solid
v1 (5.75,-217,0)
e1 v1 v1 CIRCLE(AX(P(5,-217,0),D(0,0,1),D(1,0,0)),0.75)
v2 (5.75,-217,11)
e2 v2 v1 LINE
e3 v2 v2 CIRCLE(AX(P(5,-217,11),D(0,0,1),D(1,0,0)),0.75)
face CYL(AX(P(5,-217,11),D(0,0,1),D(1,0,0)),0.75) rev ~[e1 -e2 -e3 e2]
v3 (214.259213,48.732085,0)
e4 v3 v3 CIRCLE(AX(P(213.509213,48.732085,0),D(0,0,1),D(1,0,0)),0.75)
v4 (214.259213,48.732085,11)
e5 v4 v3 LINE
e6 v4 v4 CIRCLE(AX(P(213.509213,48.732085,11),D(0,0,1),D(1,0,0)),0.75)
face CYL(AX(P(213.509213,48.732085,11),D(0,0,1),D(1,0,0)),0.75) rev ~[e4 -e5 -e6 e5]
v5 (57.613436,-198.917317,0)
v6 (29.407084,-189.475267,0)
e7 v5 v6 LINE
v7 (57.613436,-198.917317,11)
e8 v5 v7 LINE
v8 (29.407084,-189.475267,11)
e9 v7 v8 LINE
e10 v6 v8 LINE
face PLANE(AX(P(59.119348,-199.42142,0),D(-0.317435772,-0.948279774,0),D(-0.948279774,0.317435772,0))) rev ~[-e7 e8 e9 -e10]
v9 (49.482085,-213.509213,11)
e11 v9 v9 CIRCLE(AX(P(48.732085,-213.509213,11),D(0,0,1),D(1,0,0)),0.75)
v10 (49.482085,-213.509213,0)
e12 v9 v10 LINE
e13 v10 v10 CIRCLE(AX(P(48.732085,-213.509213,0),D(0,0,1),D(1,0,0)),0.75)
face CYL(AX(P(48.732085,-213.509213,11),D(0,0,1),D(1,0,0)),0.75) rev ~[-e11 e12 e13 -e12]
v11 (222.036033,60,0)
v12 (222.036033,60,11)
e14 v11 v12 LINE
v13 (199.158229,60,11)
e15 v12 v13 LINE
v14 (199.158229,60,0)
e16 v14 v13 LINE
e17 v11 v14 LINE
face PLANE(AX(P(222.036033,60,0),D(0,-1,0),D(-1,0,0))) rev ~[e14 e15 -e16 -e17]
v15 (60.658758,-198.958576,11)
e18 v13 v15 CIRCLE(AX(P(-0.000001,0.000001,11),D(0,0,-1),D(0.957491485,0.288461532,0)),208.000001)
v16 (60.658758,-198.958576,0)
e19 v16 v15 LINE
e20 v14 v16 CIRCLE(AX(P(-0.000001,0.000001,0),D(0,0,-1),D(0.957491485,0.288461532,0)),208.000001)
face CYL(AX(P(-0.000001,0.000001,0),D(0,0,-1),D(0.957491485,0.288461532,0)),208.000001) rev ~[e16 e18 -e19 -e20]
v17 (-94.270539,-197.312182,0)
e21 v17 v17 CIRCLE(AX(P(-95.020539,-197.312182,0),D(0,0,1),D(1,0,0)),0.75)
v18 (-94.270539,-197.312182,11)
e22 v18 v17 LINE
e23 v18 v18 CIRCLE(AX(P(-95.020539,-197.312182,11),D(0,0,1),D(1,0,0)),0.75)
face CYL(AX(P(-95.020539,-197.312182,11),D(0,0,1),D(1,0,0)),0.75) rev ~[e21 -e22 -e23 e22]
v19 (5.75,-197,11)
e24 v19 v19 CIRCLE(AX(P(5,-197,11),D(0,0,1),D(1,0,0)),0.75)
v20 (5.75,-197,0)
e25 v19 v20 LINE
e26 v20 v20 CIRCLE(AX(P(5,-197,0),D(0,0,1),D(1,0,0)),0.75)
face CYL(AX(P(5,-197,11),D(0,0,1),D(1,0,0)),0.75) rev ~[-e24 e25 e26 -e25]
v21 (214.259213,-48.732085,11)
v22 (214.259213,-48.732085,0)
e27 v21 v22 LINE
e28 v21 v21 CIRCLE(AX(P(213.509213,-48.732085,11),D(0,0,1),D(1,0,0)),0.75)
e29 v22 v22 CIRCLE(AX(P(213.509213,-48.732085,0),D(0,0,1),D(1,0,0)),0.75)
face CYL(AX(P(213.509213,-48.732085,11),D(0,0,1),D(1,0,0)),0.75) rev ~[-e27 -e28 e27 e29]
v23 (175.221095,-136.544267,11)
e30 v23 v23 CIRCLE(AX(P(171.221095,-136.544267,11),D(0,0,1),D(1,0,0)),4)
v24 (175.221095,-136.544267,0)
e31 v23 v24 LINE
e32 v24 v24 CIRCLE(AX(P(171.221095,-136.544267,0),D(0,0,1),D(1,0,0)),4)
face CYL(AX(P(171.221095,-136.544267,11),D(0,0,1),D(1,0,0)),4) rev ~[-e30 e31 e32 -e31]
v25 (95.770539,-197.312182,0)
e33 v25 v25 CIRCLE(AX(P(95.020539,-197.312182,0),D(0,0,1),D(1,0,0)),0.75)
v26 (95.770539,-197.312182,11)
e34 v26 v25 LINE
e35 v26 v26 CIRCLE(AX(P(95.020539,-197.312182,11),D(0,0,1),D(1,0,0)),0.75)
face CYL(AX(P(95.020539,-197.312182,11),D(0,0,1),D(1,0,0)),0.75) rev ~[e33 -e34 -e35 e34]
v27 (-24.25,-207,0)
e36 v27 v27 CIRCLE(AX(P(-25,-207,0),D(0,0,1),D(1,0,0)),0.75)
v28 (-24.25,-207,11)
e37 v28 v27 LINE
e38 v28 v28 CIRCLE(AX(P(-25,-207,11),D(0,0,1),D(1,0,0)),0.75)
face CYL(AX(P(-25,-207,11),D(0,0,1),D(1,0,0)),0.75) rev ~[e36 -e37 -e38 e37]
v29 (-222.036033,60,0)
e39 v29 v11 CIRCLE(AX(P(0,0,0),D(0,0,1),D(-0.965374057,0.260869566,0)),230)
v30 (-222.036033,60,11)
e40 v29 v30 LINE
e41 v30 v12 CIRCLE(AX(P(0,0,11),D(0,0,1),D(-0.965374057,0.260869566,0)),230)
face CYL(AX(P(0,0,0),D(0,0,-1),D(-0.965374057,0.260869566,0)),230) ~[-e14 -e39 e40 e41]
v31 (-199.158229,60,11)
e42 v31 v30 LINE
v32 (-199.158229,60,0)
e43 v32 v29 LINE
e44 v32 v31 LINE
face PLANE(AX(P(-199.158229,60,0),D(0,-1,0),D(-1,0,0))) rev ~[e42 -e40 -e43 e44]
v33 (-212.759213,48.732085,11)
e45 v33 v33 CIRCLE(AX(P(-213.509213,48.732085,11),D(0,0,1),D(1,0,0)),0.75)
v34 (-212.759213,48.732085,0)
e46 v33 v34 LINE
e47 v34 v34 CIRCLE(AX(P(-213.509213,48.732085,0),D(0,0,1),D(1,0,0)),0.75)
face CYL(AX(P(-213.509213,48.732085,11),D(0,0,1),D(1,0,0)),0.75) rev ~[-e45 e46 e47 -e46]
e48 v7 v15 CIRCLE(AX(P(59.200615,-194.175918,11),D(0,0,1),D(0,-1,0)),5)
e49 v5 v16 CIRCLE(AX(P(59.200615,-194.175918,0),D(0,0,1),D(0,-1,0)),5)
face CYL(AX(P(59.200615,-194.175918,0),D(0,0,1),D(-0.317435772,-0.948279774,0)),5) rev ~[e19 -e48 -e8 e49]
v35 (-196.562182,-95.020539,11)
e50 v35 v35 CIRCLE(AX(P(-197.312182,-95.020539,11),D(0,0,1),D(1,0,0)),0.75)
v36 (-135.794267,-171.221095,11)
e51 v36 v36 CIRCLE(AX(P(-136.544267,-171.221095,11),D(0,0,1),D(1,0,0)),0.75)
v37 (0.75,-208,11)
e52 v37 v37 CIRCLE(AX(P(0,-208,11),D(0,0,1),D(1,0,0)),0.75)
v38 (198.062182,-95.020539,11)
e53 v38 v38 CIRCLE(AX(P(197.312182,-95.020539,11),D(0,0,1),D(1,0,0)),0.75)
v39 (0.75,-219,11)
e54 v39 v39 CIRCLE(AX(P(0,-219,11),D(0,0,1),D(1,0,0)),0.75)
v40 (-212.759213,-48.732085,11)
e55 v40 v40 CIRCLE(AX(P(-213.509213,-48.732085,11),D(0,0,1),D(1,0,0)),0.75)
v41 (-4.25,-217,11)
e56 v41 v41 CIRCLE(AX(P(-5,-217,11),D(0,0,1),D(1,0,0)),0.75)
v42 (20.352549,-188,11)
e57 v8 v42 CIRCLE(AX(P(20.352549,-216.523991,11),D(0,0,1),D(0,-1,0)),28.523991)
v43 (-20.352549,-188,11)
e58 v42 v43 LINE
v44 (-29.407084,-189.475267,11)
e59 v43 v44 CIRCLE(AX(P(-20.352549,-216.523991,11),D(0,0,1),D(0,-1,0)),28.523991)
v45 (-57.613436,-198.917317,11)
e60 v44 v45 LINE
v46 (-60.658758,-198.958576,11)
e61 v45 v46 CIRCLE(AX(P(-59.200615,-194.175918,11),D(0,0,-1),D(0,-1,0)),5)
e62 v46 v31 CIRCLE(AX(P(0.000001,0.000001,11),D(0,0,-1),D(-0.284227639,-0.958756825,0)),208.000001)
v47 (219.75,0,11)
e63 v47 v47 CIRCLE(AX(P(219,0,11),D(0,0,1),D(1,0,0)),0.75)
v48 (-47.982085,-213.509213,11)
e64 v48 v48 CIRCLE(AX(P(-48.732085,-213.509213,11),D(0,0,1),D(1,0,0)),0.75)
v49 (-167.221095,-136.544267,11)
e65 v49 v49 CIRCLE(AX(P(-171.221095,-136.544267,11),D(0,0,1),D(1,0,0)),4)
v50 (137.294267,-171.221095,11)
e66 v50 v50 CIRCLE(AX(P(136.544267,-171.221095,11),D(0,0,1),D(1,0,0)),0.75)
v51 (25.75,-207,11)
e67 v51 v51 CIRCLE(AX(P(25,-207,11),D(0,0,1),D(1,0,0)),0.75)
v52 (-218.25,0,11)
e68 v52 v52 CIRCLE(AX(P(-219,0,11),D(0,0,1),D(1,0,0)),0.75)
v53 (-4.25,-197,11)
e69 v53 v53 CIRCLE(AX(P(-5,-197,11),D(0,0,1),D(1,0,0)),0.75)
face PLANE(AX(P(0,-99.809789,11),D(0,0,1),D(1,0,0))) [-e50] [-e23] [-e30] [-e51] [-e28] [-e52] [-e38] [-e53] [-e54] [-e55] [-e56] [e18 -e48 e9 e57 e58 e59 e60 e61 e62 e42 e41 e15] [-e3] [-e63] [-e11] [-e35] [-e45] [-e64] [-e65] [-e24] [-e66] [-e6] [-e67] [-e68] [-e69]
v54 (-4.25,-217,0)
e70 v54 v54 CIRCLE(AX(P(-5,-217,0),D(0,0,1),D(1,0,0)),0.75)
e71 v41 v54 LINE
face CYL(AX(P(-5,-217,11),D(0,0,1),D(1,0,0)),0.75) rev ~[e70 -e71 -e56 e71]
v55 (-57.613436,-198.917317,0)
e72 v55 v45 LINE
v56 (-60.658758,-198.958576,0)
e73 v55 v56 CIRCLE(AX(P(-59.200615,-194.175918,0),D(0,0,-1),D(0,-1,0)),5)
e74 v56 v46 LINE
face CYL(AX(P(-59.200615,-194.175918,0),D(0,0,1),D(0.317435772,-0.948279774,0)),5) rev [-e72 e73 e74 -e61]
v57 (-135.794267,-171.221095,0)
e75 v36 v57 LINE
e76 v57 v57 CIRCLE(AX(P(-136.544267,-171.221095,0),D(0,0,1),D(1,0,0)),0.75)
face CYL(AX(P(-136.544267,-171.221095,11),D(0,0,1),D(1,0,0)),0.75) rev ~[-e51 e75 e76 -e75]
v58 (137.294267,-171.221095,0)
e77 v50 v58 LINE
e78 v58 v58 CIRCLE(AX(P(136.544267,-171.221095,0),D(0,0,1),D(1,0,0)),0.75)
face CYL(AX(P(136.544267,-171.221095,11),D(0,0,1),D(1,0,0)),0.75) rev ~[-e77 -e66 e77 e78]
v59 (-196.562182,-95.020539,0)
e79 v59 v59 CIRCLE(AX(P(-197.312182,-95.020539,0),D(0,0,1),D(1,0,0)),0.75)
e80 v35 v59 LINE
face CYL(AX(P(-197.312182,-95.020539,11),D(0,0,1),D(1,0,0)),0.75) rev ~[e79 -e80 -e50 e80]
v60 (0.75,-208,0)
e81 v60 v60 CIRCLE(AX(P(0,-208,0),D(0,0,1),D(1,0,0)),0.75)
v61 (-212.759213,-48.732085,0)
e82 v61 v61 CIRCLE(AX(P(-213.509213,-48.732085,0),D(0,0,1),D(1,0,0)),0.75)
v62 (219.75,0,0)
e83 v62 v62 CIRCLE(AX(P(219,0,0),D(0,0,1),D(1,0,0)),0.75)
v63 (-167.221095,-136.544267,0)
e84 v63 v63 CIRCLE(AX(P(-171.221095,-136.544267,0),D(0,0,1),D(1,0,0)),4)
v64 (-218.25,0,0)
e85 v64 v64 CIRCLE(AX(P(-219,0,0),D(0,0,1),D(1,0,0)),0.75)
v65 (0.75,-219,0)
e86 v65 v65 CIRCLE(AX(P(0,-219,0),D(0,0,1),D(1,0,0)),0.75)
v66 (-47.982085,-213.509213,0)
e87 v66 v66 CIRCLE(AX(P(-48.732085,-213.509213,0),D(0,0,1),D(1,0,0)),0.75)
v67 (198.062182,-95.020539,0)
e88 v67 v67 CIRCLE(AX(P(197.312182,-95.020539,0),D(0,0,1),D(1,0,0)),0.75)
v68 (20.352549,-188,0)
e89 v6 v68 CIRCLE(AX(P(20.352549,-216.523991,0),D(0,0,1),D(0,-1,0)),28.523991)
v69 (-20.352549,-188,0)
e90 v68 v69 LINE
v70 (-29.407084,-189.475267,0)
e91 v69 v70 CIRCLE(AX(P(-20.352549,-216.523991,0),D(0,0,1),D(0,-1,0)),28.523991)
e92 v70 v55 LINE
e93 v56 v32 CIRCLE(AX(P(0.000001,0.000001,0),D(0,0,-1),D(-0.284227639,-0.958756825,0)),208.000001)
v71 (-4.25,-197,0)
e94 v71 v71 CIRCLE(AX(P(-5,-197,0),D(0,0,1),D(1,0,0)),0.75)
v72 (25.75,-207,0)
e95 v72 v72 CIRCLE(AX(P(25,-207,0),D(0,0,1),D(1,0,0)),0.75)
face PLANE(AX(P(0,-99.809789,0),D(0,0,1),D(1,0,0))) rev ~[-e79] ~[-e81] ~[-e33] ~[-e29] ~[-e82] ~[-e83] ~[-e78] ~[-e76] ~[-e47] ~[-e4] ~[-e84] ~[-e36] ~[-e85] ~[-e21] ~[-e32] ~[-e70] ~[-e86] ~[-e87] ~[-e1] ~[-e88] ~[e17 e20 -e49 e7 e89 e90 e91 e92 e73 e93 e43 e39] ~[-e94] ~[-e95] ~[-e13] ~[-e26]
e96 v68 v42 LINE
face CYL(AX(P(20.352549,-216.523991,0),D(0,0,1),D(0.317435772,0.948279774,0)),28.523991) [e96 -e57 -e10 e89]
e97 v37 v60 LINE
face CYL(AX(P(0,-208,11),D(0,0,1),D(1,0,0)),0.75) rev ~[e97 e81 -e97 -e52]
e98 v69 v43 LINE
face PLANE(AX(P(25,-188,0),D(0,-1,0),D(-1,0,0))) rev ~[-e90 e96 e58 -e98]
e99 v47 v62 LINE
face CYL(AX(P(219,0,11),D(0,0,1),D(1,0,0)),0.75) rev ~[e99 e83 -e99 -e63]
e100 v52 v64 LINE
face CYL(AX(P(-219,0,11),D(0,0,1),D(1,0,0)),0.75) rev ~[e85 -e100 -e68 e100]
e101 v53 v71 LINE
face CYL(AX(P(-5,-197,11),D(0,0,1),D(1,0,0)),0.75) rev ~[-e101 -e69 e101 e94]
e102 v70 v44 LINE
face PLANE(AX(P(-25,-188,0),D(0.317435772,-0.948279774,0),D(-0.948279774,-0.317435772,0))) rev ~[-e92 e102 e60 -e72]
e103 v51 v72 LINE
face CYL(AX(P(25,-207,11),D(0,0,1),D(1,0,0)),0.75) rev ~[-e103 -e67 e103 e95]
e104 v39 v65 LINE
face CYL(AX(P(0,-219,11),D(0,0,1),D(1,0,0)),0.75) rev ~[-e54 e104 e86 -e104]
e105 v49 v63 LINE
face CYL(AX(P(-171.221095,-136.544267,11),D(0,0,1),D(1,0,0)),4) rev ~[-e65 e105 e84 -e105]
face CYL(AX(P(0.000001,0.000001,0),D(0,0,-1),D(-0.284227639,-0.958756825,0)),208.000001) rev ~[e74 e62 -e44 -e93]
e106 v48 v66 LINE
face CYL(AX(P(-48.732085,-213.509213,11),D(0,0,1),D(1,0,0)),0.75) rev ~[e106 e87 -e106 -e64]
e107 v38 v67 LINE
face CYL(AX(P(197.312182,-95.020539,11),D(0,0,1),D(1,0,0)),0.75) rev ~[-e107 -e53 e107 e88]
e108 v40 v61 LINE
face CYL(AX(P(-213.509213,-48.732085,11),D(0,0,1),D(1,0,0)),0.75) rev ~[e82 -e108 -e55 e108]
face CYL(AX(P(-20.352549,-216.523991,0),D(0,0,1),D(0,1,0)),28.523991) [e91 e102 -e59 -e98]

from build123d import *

# Parameters (mm, degrees)
F1_DEPTH = 11
F2_R     = 28.523991
F3_R     = 5
F5_R     = 0.75
F6_DEPTH = 11.001
F7_R     = 4
F8_DEPTH = 11.001


with BuildPart() as f1:
    # F0 (on Top) → F1 (new body)
    with BuildSketch(Plane.XY):
        with BuildLine():
            ThreePointArc((-59.119348, -199.42142), (-183.034682, -98.804378), (-199.158229, 60))
            Line((-199.158229, 60), (-222.036033, 60))
            ThreePointArc((-222.036033, 60), (0, -230), (222.036033, 60))
            Line((222.036033, 60), (199.158229, 60))
            ThreePointArc((199.158229, 60), (183.034682, -98.804378), (59.119348, -199.42142))
            Line((59.119348, -199.42142), (25, -188))
            Line((25, -188), (0, -188))
            Line((0, -188), (-25, -188))
            Line((-25, -188), (-59.119348, -199.42142))
        make_face()
    extrude(amount=F1_DEPTH)

    # F2
    f2_edges = [f1.edges().sort_by_distance(p)[0] for p in [
        (25, -188, 5.5),
        (-25, -188, 5.5),
    ]]
    fillet(f2_edges, radius=F2_R)

    # F3
    f3_edges = [f1.edges().sort_by_distance(p)[0] for p in [
        (59.119348, -199.42142, 5.5),
        (-59.119348, -199.42142, 5.5),
    ]]
    fillet(f3_edges, radius=F3_R)

    # F5 (on face) → F6 (cut, through all)
    with BuildSketch(Plane.XY.offset(11)):
        with Locations((0, -219)):
            Circle(F5_R)
        with Locations((48.732085, -213.509213)):
            Circle(F5_R)
        with Locations((95.020539, -197.312182)):
            Circle(F5_R)
        with Locations((136.544267, -171.221095)):
            Circle(F5_R)
        with Locations((171.221095, -136.544267)):
            Circle(F5_R)
        with Locations((197.312182, -95.020539)):
            Circle(F5_R)
        with Locations((213.509213, -48.732085)):
            Circle(F5_R)
        with Locations((219, 0)):
            Circle(F5_R)
        with Locations((213.509213, 48.732085)):
            Circle(F5_R)
        with Locations((197.312182, 95.020539)):
            Circle(F5_R)
        with Locations((171.221095, 136.544267)):
            Circle(F5_R)
        with Locations((136.544267, 171.221095)):
            Circle(F5_R)
        with Locations((95.020539, 197.312182)):
            Circle(F5_R)
        with Locations((48.732085, 213.509213)):
            Circle(F5_R)
        with Locations((0, 219)):
            Circle(F5_R)
        with Locations((-48.732085, 213.509213)):
            Circle(F5_R)
        with Locations((-95.020539, 197.312182)):
            Circle(F5_R)
        with Locations((-136.544267, 171.221095)):
            Circle(F5_R)
        with Locations((-171.221095, 136.544267)):
            Circle(F5_R)
        with Locations((-197.312182, 95.020539)):
            Circle(F5_R)
        with Locations((-213.509213, 48.732085)):
            Circle(F5_R)
        with Locations((-219, 0)):
            Circle(F5_R)
        with Locations((-213.509213, -48.732085)):
            Circle(F5_R)
        with Locations((-197.312182, -95.020539)):
            Circle(F5_R)
        with Locations((-171.221095, -136.544267)):
            Circle(F5_R)
        with Locations((-136.544267, -171.221095)):
            Circle(F5_R)
        with Locations((-95.020539, -197.312182)):
            Circle(F5_R)
        with Locations((-48.732085, -213.509213)):
            Circle(F5_R)
        with Locations((-5, -197)):
            Circle(F5_R)
        with Locations((5, -197)):
            Circle(F5_R)
        with Locations((0, -208)):
            Circle(F5_R)
        with Locations((-5, -217)):
            Circle(F5_R)
        with Locations((-25, -207)):
            Circle(F5_R)
        with Locations((5, -217)):
            Circle(F5_R)
        with Locations((25, -207)):
            Circle(F5_R)
    extrude(amount=-F6_DEPTH, mode=Mode.SUBTRACT)

    # F7 (on face) → F8 (cut, through all)
    with BuildSketch(Plane.XY.offset(11)):
        with Locations((-171.221095, -136.544267)):
            Circle(F7_R)
        with Locations((171.221095, -136.544267)):
            Circle(F7_R)
    extrude(amount=-F8_DEPTH, mode=Mode.SUBTRACT)


solid = f1.part
